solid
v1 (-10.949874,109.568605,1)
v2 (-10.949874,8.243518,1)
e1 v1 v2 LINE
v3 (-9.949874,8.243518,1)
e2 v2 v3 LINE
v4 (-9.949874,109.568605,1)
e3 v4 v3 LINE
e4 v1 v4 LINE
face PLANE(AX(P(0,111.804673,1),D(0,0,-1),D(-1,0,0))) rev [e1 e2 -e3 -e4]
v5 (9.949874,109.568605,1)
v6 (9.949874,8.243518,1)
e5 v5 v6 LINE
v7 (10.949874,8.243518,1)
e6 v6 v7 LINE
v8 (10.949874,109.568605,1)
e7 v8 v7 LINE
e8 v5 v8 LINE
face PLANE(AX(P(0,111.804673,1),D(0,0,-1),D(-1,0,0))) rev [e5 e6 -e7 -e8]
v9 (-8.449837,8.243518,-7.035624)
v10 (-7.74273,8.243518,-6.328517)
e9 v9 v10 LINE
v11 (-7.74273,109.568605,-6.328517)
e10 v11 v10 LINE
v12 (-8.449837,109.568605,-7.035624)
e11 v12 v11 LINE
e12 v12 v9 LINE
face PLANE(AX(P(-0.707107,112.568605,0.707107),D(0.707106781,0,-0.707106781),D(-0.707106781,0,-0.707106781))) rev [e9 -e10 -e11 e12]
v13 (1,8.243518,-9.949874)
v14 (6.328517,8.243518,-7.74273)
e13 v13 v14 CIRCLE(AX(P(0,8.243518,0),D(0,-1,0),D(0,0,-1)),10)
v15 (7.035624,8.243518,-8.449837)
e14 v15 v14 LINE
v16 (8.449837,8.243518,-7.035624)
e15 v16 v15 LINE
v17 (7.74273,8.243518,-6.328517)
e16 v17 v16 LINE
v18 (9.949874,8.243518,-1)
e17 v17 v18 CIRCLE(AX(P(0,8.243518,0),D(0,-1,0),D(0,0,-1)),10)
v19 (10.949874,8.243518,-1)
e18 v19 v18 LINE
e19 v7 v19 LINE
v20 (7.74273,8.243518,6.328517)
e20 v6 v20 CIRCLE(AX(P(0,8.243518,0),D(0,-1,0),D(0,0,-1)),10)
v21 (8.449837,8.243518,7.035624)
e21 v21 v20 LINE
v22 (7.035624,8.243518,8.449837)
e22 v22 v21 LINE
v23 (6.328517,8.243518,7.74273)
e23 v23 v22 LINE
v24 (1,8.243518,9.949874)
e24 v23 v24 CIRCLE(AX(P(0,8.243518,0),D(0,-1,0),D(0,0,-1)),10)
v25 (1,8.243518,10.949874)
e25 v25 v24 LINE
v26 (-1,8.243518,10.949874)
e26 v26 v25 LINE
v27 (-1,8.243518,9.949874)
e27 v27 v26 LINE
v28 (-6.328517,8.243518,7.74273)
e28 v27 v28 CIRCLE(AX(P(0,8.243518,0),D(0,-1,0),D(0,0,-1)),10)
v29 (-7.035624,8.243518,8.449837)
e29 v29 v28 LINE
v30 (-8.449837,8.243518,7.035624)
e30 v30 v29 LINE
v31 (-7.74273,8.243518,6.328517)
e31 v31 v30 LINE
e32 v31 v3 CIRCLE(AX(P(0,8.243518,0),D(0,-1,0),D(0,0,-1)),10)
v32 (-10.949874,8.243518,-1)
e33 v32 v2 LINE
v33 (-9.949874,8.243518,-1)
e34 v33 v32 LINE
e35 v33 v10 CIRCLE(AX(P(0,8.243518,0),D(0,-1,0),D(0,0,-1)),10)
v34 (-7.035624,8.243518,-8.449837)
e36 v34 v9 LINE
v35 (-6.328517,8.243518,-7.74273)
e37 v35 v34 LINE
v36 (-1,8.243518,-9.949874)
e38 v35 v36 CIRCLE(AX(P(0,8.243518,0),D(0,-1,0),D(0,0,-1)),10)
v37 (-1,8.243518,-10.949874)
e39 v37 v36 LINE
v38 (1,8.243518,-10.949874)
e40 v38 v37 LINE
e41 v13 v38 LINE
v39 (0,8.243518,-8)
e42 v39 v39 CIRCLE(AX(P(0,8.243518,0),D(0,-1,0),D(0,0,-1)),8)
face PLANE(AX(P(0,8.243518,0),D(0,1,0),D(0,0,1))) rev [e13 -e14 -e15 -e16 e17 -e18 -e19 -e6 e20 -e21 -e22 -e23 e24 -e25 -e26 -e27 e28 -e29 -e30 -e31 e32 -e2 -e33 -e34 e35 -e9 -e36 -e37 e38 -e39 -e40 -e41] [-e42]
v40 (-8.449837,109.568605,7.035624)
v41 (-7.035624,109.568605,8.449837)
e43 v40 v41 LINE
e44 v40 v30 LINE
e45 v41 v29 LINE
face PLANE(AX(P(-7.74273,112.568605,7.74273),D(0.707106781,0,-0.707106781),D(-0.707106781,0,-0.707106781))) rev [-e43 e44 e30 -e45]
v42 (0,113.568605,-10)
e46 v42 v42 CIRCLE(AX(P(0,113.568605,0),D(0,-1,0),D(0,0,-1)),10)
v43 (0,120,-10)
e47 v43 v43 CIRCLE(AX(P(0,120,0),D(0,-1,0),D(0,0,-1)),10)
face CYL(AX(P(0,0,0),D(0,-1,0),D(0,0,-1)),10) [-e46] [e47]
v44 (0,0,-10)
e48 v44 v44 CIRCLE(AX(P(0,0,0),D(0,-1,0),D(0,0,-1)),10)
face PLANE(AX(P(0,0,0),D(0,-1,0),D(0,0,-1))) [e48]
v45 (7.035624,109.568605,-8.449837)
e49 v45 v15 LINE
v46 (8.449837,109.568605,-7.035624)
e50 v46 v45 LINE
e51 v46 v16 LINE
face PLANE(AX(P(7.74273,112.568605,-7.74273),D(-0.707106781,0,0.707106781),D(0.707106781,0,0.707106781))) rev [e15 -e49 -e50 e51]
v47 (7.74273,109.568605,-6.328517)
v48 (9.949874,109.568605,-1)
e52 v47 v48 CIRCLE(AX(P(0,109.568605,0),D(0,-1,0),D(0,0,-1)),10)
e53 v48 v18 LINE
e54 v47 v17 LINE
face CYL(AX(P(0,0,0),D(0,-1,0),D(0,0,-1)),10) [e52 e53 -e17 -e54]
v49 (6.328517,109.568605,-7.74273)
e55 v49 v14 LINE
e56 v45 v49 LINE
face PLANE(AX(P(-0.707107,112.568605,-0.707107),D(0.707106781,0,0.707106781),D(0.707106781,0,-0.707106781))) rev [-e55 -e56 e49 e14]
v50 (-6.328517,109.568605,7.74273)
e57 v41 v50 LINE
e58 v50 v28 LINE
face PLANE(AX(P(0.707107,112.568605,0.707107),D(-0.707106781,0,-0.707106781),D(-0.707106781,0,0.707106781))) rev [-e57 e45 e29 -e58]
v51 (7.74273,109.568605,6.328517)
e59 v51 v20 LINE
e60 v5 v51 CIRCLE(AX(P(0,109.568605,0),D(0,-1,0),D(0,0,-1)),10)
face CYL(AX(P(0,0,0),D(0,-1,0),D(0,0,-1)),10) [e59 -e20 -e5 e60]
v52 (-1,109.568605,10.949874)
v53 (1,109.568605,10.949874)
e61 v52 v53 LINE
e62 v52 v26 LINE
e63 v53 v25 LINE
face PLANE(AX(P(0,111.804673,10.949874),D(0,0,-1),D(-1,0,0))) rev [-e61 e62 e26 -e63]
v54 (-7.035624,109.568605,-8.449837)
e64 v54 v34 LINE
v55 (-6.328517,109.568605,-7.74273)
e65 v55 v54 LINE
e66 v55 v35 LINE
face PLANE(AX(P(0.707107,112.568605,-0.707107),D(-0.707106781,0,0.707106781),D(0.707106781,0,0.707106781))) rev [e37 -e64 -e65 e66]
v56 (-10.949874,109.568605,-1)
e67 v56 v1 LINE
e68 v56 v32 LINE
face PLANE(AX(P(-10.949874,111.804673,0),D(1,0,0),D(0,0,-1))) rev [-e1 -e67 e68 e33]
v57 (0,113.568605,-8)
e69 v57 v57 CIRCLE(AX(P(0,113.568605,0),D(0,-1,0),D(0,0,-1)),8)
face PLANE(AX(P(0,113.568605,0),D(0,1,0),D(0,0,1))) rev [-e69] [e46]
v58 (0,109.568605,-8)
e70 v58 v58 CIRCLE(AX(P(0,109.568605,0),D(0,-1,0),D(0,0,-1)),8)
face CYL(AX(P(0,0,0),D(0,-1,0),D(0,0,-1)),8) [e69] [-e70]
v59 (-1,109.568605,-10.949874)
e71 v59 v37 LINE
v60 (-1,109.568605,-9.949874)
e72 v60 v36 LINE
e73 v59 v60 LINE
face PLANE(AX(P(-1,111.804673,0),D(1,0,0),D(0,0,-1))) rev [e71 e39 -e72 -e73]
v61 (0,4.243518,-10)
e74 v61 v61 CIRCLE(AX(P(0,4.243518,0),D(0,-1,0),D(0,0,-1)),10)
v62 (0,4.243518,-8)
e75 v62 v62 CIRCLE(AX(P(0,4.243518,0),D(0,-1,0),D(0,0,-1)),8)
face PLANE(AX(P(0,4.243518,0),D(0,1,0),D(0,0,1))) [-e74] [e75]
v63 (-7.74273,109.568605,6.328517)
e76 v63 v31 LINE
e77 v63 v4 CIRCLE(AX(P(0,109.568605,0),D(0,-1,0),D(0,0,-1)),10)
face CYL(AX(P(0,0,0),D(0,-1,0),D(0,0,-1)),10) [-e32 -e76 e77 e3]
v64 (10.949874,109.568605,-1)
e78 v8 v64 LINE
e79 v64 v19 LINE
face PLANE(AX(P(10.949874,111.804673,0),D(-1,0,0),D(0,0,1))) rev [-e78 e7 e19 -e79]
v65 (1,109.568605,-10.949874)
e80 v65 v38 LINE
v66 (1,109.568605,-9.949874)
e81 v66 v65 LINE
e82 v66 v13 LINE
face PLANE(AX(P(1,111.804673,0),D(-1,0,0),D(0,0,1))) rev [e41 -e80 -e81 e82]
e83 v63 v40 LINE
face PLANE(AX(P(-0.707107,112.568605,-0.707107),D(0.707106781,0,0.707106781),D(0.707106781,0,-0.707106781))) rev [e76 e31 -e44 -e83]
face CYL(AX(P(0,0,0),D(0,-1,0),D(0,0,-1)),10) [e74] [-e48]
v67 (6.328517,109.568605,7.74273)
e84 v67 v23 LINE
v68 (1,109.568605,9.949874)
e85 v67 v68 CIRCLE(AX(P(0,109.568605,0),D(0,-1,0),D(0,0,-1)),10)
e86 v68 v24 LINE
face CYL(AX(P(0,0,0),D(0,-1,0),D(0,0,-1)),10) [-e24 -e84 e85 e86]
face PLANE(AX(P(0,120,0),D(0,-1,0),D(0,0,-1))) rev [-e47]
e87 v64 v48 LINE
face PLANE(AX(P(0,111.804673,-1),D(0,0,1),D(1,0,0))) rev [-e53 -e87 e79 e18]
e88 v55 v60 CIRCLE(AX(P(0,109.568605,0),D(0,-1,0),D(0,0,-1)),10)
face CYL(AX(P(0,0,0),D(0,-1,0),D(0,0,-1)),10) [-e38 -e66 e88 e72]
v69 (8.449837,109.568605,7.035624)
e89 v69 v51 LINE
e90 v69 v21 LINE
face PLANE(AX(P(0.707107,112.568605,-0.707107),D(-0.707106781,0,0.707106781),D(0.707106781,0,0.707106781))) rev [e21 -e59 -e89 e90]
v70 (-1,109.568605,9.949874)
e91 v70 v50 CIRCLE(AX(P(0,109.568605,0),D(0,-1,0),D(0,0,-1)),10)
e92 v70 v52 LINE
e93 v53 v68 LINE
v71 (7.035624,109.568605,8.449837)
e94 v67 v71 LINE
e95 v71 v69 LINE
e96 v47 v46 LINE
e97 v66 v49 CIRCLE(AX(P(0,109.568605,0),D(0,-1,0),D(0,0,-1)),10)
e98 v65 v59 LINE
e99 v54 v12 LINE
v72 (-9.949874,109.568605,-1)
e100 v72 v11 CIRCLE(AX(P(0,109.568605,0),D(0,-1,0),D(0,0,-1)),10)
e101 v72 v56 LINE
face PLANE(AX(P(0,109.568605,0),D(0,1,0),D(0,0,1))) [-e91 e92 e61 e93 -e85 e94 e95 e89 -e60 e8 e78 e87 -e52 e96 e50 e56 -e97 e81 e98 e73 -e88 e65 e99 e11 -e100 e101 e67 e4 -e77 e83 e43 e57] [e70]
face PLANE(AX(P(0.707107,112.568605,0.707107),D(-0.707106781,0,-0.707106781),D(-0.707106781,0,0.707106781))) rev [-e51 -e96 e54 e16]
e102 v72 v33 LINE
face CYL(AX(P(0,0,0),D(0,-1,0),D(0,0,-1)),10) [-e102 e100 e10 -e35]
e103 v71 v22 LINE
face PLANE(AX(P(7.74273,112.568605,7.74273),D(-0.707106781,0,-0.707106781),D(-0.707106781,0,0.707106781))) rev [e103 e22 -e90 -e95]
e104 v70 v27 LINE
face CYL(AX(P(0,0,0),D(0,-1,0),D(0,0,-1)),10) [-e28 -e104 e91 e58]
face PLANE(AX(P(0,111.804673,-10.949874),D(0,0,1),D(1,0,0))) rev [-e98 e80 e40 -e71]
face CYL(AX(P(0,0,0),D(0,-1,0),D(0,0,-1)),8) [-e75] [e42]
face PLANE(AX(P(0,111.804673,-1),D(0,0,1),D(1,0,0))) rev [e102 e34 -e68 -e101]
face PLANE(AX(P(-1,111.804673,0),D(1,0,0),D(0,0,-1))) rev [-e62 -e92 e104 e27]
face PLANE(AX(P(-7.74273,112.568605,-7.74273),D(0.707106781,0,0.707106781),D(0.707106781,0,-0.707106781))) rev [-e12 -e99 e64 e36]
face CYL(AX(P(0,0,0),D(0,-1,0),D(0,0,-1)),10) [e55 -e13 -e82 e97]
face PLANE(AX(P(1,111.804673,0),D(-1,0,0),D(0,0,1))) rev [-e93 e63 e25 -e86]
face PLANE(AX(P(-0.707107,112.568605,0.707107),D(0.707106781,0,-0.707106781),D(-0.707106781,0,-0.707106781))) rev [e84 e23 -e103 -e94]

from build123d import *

# Parameters (mm, degrees)
BOSS_EXTRUDE2_START = -109.568605
BOSS_EXTRUDE2_DEPTH = 101.325087
CIRPATTERN1_COUNT   = 8


with BuildPart() as part:
    # Sketch3 → Revolve1 (revolve)
    with BuildSketch(Plane(origin=(0, 0, 0), x_dir=(0, 0, -1), z_dir=(1, 0, 0))):
        Polygon((0, 120), (0, 0), (10, 0), (10, 4.243518426), (8, 4.243518426), (8, 8.243518426), (10, 8.243518426), (10, 109.568605079), (8, 109.568605079), (8, 113.568605079), (10, 113.568605079), (10, 120), align=None)
    revolve(axis=Axis((0, 0, 0), (0, 1, 0)))

    # Sketch4 → Boss-Extrude2 (add)
    with BuildSketch(Plane.XZ.offset(BOSS_EXTRUDE2_START)):
        with BuildLine():
            Line((-1, 9.949874371), (-1, 10.949874371))
            Line((-1, 10.949874371), (1, 10.949874371))
            Line((1, 10.949874371), (1, 9.949874371))
            ThreePointArc((1, 9.949874371), (0, 10), (-1, 9.949874371))
        make_face()
    boss_extrude2 = extrude(amount=BOSS_EXTRUDE2_DEPTH)

    # CirPattern1: Boss-Extrude2 ×8 about axis
    cirpattern1_axis = Axis((0, 0, 0), (0, 1, 0))
    for i in range(1, CIRPATTERN1_COUNT):
        add(boss_extrude2.rotate(cirpattern1_axis, i * 360 / CIRPATTERN1_COUNT))


solid = part.part
